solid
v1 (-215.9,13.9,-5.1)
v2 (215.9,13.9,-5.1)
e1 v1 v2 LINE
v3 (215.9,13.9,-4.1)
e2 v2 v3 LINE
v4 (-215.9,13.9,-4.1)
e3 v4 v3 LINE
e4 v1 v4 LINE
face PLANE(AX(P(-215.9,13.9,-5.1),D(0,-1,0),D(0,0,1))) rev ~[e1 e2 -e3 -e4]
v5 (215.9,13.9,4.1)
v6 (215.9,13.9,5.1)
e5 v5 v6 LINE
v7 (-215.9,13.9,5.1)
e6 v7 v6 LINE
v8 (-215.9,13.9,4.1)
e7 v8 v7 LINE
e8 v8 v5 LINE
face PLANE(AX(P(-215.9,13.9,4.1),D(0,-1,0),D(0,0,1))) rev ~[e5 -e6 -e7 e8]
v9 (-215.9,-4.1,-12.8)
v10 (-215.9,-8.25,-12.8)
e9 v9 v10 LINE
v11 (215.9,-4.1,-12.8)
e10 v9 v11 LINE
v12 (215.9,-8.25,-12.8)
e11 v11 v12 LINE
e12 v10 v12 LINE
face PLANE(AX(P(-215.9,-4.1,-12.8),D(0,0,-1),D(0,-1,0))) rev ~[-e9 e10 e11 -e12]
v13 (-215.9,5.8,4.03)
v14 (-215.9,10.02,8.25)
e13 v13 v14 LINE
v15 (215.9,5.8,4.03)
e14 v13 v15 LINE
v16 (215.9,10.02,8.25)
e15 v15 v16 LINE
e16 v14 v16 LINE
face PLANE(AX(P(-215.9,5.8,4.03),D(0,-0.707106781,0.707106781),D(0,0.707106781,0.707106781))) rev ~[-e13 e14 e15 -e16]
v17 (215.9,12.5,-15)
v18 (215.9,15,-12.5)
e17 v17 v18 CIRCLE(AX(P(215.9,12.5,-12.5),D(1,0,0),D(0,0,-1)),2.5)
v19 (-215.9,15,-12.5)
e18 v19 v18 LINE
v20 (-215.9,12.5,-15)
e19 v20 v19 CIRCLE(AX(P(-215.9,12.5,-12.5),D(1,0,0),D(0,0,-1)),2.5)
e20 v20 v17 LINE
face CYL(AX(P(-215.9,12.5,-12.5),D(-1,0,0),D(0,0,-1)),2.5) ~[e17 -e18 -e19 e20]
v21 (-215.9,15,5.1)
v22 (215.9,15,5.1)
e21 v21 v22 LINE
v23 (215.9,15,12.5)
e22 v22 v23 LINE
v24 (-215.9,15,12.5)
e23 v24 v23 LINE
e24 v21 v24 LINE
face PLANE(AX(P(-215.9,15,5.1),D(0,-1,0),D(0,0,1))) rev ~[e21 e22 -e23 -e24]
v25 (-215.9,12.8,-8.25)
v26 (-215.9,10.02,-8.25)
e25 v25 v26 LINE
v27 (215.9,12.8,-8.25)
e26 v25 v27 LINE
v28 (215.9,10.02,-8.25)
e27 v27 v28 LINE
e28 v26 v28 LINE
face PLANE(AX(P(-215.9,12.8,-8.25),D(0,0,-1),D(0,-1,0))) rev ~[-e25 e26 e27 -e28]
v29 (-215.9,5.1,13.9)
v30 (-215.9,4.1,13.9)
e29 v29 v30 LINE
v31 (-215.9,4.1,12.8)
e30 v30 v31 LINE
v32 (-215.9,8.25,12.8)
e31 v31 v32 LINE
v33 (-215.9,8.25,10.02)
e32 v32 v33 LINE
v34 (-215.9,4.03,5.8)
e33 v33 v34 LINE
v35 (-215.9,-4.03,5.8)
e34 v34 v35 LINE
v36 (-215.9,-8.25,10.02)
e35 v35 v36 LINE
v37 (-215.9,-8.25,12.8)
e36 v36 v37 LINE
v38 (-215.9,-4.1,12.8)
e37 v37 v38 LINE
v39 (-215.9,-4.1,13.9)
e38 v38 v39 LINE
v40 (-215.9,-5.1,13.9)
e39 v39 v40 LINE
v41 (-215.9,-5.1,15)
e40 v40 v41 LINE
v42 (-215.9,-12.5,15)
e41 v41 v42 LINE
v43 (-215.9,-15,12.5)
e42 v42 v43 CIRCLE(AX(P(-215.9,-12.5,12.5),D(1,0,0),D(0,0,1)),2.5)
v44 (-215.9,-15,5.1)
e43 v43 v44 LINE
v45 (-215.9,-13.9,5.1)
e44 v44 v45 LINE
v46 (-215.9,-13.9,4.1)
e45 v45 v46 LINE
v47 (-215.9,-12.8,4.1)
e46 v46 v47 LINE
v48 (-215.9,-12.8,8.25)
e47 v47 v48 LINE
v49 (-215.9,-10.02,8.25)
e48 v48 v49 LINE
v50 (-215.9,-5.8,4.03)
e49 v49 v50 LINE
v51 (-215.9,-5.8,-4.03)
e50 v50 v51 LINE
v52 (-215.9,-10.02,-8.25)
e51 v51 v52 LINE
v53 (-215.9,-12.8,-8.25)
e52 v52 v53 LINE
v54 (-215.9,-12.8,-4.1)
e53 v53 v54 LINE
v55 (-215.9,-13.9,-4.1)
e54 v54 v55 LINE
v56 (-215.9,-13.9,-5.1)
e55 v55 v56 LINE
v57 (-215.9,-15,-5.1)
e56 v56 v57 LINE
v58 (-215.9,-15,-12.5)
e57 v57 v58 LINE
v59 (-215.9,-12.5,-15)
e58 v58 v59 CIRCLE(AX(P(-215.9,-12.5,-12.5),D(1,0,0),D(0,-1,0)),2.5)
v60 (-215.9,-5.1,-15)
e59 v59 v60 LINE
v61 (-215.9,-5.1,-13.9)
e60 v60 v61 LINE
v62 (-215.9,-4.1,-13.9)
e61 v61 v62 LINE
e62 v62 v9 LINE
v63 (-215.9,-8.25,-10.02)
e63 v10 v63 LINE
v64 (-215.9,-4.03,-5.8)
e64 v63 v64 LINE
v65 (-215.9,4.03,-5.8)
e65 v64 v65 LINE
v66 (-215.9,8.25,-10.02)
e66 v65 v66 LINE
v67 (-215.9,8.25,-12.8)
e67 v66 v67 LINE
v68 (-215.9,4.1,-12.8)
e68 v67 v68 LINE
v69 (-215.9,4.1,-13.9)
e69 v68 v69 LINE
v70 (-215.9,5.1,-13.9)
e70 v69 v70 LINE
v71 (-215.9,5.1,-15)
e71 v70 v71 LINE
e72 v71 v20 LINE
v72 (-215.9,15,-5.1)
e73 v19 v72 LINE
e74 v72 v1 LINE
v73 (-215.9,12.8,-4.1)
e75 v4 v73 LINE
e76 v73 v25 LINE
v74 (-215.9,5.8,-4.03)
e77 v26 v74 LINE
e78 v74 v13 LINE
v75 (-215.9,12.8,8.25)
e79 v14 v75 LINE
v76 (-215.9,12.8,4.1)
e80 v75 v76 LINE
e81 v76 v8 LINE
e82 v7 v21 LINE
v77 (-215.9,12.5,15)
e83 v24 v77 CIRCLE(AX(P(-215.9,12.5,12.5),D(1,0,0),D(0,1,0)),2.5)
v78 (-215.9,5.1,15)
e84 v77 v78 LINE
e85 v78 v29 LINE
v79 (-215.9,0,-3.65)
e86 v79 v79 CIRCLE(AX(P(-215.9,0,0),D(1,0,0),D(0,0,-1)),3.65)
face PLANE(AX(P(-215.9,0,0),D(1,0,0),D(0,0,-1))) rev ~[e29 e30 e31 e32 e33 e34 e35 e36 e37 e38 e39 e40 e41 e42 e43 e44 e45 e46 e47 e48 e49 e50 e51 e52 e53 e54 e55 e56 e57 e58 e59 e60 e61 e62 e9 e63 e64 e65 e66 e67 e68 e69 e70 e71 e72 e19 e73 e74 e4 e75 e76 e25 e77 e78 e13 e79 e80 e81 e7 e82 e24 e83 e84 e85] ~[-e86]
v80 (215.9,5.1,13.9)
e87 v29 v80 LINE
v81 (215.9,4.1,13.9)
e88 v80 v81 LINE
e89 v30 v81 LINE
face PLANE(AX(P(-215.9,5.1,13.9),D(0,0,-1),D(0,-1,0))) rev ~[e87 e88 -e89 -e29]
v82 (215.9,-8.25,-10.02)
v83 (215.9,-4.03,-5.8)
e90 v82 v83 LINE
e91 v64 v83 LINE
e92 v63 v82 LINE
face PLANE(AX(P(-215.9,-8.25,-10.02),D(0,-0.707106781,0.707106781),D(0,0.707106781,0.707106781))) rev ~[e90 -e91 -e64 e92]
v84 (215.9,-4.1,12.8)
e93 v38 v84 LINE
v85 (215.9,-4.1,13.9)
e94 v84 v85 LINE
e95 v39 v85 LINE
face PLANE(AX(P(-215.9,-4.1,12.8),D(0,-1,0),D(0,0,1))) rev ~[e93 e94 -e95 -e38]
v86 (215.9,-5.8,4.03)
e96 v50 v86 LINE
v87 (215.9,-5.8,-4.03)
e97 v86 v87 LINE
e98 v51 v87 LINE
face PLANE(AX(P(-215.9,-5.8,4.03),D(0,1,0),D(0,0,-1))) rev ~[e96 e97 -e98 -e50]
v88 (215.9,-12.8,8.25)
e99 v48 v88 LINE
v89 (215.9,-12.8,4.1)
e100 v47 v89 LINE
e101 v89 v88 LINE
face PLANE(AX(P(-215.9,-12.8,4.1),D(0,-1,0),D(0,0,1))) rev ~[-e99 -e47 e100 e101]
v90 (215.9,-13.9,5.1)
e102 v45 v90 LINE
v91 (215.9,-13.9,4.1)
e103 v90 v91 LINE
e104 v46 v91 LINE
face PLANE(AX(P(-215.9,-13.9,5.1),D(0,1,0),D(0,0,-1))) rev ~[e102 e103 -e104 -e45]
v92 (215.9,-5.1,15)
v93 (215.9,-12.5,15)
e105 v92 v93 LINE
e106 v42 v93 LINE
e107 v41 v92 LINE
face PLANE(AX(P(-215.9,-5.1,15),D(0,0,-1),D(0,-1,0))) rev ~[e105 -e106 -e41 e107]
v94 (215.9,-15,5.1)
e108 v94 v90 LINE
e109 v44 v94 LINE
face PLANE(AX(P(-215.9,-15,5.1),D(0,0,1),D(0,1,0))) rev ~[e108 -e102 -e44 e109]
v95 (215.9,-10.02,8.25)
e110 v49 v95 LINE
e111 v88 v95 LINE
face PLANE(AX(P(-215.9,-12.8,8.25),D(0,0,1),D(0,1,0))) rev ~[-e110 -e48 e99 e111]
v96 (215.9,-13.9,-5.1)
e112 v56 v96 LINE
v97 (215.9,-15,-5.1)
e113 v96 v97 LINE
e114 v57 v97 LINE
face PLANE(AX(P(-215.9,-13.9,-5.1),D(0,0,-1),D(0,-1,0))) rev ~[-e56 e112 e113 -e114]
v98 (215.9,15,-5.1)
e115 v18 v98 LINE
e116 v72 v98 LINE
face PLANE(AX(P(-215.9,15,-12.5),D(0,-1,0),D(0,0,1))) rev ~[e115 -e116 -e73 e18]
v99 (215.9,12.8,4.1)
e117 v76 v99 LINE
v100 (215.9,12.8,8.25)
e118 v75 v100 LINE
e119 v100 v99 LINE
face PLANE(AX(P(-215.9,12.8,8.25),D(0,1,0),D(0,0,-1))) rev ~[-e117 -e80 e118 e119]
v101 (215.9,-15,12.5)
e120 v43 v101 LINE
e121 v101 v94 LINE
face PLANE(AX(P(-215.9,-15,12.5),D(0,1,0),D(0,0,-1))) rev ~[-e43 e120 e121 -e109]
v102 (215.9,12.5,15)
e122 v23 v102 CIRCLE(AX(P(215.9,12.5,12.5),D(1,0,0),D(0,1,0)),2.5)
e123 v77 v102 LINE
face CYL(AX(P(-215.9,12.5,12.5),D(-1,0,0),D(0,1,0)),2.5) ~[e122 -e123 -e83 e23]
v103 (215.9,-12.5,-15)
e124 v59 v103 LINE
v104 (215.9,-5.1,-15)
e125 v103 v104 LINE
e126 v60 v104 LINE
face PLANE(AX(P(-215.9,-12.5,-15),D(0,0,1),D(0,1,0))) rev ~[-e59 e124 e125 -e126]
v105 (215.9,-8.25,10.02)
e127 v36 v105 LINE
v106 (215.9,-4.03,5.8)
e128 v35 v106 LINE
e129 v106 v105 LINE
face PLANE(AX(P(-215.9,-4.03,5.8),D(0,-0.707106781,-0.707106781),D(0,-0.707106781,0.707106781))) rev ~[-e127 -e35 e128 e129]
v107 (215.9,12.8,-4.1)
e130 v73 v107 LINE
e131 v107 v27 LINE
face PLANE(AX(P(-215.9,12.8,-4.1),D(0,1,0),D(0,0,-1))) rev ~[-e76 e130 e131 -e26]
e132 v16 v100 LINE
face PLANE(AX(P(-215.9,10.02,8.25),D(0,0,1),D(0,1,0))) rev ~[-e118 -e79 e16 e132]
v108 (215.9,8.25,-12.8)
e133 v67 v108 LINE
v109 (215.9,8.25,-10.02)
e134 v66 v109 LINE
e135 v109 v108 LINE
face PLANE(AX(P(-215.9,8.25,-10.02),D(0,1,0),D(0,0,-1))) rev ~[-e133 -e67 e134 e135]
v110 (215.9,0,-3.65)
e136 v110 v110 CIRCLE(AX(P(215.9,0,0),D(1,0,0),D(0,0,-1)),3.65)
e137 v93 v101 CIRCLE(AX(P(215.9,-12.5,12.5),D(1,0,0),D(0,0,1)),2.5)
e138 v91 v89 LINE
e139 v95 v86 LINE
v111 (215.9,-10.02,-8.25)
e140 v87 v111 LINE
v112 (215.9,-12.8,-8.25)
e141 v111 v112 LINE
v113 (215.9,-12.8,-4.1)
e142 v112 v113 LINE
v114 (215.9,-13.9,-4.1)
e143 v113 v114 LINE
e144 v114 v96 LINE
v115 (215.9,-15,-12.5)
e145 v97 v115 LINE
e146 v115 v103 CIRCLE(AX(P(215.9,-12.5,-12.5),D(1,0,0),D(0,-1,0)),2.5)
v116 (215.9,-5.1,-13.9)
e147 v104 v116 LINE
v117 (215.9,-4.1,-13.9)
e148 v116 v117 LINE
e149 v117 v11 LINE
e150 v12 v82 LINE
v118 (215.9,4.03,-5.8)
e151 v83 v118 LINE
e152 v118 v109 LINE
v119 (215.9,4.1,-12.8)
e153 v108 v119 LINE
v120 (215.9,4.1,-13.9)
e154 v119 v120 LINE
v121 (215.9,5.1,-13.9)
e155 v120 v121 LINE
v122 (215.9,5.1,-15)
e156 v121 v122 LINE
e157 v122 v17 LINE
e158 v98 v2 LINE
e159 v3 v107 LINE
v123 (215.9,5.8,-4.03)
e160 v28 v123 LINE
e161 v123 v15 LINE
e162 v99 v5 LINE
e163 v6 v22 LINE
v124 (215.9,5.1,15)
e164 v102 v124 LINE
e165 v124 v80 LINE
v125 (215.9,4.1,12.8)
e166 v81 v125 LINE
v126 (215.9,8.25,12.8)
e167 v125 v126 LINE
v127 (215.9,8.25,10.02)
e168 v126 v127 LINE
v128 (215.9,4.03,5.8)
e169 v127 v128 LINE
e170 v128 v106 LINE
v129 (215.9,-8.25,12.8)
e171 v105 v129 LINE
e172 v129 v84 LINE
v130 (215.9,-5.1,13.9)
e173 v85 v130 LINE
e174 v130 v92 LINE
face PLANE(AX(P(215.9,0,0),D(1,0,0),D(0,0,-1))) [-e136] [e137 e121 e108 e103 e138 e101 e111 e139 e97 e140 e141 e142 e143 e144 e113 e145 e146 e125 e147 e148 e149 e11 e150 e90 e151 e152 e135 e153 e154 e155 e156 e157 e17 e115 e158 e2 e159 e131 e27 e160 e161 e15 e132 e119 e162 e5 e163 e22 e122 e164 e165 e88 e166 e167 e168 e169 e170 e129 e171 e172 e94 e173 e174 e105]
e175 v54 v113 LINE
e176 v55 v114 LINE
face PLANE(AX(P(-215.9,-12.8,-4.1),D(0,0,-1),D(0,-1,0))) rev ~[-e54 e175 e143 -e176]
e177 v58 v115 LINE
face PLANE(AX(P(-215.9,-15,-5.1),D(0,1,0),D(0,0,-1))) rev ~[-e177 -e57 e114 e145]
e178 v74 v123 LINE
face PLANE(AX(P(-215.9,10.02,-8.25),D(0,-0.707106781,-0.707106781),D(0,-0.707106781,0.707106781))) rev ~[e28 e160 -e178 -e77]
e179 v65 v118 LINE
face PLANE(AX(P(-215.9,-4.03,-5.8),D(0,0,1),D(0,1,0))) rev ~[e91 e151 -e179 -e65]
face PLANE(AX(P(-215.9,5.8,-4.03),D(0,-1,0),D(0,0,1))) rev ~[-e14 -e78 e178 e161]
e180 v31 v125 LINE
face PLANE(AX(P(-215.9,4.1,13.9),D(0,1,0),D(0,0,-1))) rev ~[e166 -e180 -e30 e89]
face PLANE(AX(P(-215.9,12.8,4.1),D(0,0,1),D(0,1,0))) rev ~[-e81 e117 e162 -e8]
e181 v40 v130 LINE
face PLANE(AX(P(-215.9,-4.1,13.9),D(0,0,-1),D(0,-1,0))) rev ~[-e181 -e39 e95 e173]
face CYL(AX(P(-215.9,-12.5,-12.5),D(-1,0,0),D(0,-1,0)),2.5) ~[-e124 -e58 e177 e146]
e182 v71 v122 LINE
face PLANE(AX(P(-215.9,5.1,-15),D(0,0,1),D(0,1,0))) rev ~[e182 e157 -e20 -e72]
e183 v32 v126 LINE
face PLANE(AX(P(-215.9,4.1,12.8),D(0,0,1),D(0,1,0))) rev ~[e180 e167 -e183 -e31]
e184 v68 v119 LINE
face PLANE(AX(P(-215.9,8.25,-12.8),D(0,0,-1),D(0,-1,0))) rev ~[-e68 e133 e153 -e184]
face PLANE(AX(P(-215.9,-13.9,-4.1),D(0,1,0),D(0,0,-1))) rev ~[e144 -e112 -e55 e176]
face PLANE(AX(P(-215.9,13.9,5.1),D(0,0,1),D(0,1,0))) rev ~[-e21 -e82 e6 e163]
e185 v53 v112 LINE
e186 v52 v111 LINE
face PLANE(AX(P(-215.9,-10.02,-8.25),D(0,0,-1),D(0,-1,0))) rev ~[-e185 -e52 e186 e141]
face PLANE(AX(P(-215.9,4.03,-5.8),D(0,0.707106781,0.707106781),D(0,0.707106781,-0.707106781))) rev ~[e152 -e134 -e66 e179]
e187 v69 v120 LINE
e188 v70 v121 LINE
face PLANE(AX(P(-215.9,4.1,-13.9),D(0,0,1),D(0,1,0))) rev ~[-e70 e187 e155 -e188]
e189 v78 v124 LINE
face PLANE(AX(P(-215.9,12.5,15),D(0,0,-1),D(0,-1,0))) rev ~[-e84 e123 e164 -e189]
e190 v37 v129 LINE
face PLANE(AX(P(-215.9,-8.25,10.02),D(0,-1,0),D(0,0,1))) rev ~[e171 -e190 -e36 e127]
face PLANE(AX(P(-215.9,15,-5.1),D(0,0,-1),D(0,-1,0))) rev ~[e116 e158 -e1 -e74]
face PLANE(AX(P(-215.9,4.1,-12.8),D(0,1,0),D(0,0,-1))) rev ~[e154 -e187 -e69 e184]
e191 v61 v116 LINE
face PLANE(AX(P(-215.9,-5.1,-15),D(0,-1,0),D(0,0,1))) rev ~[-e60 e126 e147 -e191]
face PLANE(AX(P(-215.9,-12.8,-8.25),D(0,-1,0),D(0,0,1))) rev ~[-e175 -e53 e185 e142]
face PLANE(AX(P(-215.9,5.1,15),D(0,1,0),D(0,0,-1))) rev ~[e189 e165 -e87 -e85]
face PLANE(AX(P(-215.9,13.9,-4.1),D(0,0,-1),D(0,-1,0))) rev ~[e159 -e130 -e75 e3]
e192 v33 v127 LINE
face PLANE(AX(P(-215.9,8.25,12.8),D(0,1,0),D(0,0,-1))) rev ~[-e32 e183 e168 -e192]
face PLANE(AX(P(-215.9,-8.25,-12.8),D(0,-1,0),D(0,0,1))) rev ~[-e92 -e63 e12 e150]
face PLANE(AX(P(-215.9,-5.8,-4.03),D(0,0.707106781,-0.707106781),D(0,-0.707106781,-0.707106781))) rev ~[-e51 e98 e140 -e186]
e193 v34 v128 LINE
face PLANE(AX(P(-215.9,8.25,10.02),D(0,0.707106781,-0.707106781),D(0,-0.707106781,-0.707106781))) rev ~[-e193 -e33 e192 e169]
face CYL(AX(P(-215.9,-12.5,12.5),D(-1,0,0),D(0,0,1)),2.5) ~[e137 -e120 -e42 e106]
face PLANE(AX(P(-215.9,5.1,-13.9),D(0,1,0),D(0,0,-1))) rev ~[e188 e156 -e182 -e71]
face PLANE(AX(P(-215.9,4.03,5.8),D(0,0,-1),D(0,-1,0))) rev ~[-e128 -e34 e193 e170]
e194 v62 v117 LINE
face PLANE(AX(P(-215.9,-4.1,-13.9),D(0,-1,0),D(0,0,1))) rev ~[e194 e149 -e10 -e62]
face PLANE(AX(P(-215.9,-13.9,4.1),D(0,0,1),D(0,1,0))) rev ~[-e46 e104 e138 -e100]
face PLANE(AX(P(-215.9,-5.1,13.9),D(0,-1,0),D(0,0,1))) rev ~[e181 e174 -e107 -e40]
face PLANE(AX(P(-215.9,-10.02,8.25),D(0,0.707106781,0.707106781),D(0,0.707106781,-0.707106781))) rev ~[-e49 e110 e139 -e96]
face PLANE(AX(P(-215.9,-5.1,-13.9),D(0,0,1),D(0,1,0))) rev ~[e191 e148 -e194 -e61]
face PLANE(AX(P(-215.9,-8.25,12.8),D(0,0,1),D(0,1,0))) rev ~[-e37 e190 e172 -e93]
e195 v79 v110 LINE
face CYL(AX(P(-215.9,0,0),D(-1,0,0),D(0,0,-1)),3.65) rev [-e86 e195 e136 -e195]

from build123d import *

# Parameters (mm, degrees)
SKETCH1_R                           = 3.65
BOSCHREXROTH_BOSCH_30X30_V2_1_DEPTH = 431.8


with BuildPart() as part:
    # Sketch1 → Boschrexroth BOSCH_30X30_V2(1) (new body)
    with BuildSketch(Plane(origin=(-215.9, 0, 0), x_dir=(0, 0, -1), z_dir=(1, 0, 0))):
        with BuildLine():
            Line((0, 5.8), (-4.03, 5.8))
            Line((-4.03, 5.8), (-8.25, 10.02))
            Line((-8.25, 10.02), (-8.25, 12.8))
            Line((-8.25, 12.8), (-4.1, 12.8))
            Line((-4.1, 12.8), (-4.1, 13.9))
            Line((-4.1, 13.9), (-5.1, 13.9))
            Line((-5.1, 13.9), (-5.1, 15))
            Line((-5.1, 15), (-12.5, 15))
            ThreePointArc((-12.5, 15), (-14.267766953, 14.267766953), (-15, 12.5))
            Line((-15, 12.5), (-15, 5.1))
            Line((-15, 5.1), (-13.9, 5.1))
            Line((-13.9, 5.1), (-13.9, 4.1))
            Line((-13.9, 4.1), (-12.8, 4.1))
            Line((-12.8, 4.1), (-12.8, 8.25))
            Line((-12.8, 8.25), (-10.02, 8.25))
            Line((-10.02, 8.25), (-5.8, 4.03))
            Line((-5.8, 4.03), (-5.8, 0))
            Line((-5.8, 0), (-5.8, -4.03))
            Line((-5.8, -4.03), (-10.02, -8.25))
            Line((-10.02, -8.25), (-12.8, -8.25))
            Line((-12.8, -8.25), (-12.8, -4.1))
            Line((-12.8, -4.1), (-13.9, -4.1))
            Line((-13.9, -4.1), (-13.9, -5.1))
            Line((-13.9, -5.1), (-15, -5.1))
            Line((-15, -5.1), (-15, -12.5))
            ThreePointArc((-15, -12.5), (-14.267766953, -14.267766953), (-12.5, -15))
            Line((-12.5, -15), (-5.1, -15))
            Line((-5.1, -15), (-5.1, -13.9))
            Line((-5.1, -13.9), (-4.1, -13.9))
            Line((-4.1, -13.9), (-4.1, -12.8))
            Line((-4.1, -12.8), (-8.25, -12.8))
            Line((-8.25, -12.8), (-8.25, -10.02))
            Line((-8.25, -10.02), (-4.03, -5.8))
            Line((-4.03, -5.8), (4.03, -5.8))
            Line((4.03, -5.8), (8.25, -10.02))
            Line((8.25, -10.02), (8.25, -12.8))
            Line((8.25, -12.8), (4.1, -12.8))
            Line((4.1, -12.8), (4.1, -13.9))
            Line((4.1, -13.9), (5.1, -13.9))
            Line((5.1, -13.9), (5.1, -15))
            Line((5.1, -15), (12.5, -15))
            ThreePointArc((12.5, -15), (14.267766953, -14.267766953), (15, -12.5))
            Line((15, -12.5), (15, -5.1))
            Line((15, -5.1), (13.9, -5.1))
            Line((13.9, -5.1), (13.9, -4.1))
            Line((13.9, -4.1), (12.8, -4.1))
            Line((12.8, -4.1), (12.8, -8.25))
            Line((12.8, -8.25), (10.02, -8.25))
            Line((10.02, -8.25), (5.8, -4.03))
            Line((5.8, -4.03), (5.8, 0))
            Line((5.8, 0), (5.8, 4.03))
            Line((5.8, 4.03), (10.02, 8.25))
            Line((10.02, 8.25), (12.8, 8.25))
            Line((12.8, 8.25), (12.8, 4.1))
            Line((12.8, 4.1), (13.9, 4.1))
            Line((13.9, 4.1), (13.9, 5.1))
            Line((13.9, 5.1), (15, 5.1))
            Line((15, 5.1), (15, 12.5))
            ThreePointArc((15, 12.5), (14.267766953, 14.267766953), (12.5, 15))
            Line((12.5, 15), (5.1, 15))
            Line((5.1, 15), (5.1, 13.9))
            Line((5.1, 13.9), (4.1, 13.9))
            Line((4.1, 13.9), (4.1, 12.8))
            Line((4.1, 12.8), (8.25, 12.8))
            Line((8.25, 12.8), (8.25, 10.02))
            Line((8.25, 10.02), (4.03, 5.8))
            Line((4.03, 5.8), (0, 5.8))
        make_face()
        Circle(SKETCH1_R, mode=Mode.SUBTRACT)
    extrude(amount=BOSCHREXROTH_BOSCH_30X30_V2_1_DEPTH)


solid = part.part
